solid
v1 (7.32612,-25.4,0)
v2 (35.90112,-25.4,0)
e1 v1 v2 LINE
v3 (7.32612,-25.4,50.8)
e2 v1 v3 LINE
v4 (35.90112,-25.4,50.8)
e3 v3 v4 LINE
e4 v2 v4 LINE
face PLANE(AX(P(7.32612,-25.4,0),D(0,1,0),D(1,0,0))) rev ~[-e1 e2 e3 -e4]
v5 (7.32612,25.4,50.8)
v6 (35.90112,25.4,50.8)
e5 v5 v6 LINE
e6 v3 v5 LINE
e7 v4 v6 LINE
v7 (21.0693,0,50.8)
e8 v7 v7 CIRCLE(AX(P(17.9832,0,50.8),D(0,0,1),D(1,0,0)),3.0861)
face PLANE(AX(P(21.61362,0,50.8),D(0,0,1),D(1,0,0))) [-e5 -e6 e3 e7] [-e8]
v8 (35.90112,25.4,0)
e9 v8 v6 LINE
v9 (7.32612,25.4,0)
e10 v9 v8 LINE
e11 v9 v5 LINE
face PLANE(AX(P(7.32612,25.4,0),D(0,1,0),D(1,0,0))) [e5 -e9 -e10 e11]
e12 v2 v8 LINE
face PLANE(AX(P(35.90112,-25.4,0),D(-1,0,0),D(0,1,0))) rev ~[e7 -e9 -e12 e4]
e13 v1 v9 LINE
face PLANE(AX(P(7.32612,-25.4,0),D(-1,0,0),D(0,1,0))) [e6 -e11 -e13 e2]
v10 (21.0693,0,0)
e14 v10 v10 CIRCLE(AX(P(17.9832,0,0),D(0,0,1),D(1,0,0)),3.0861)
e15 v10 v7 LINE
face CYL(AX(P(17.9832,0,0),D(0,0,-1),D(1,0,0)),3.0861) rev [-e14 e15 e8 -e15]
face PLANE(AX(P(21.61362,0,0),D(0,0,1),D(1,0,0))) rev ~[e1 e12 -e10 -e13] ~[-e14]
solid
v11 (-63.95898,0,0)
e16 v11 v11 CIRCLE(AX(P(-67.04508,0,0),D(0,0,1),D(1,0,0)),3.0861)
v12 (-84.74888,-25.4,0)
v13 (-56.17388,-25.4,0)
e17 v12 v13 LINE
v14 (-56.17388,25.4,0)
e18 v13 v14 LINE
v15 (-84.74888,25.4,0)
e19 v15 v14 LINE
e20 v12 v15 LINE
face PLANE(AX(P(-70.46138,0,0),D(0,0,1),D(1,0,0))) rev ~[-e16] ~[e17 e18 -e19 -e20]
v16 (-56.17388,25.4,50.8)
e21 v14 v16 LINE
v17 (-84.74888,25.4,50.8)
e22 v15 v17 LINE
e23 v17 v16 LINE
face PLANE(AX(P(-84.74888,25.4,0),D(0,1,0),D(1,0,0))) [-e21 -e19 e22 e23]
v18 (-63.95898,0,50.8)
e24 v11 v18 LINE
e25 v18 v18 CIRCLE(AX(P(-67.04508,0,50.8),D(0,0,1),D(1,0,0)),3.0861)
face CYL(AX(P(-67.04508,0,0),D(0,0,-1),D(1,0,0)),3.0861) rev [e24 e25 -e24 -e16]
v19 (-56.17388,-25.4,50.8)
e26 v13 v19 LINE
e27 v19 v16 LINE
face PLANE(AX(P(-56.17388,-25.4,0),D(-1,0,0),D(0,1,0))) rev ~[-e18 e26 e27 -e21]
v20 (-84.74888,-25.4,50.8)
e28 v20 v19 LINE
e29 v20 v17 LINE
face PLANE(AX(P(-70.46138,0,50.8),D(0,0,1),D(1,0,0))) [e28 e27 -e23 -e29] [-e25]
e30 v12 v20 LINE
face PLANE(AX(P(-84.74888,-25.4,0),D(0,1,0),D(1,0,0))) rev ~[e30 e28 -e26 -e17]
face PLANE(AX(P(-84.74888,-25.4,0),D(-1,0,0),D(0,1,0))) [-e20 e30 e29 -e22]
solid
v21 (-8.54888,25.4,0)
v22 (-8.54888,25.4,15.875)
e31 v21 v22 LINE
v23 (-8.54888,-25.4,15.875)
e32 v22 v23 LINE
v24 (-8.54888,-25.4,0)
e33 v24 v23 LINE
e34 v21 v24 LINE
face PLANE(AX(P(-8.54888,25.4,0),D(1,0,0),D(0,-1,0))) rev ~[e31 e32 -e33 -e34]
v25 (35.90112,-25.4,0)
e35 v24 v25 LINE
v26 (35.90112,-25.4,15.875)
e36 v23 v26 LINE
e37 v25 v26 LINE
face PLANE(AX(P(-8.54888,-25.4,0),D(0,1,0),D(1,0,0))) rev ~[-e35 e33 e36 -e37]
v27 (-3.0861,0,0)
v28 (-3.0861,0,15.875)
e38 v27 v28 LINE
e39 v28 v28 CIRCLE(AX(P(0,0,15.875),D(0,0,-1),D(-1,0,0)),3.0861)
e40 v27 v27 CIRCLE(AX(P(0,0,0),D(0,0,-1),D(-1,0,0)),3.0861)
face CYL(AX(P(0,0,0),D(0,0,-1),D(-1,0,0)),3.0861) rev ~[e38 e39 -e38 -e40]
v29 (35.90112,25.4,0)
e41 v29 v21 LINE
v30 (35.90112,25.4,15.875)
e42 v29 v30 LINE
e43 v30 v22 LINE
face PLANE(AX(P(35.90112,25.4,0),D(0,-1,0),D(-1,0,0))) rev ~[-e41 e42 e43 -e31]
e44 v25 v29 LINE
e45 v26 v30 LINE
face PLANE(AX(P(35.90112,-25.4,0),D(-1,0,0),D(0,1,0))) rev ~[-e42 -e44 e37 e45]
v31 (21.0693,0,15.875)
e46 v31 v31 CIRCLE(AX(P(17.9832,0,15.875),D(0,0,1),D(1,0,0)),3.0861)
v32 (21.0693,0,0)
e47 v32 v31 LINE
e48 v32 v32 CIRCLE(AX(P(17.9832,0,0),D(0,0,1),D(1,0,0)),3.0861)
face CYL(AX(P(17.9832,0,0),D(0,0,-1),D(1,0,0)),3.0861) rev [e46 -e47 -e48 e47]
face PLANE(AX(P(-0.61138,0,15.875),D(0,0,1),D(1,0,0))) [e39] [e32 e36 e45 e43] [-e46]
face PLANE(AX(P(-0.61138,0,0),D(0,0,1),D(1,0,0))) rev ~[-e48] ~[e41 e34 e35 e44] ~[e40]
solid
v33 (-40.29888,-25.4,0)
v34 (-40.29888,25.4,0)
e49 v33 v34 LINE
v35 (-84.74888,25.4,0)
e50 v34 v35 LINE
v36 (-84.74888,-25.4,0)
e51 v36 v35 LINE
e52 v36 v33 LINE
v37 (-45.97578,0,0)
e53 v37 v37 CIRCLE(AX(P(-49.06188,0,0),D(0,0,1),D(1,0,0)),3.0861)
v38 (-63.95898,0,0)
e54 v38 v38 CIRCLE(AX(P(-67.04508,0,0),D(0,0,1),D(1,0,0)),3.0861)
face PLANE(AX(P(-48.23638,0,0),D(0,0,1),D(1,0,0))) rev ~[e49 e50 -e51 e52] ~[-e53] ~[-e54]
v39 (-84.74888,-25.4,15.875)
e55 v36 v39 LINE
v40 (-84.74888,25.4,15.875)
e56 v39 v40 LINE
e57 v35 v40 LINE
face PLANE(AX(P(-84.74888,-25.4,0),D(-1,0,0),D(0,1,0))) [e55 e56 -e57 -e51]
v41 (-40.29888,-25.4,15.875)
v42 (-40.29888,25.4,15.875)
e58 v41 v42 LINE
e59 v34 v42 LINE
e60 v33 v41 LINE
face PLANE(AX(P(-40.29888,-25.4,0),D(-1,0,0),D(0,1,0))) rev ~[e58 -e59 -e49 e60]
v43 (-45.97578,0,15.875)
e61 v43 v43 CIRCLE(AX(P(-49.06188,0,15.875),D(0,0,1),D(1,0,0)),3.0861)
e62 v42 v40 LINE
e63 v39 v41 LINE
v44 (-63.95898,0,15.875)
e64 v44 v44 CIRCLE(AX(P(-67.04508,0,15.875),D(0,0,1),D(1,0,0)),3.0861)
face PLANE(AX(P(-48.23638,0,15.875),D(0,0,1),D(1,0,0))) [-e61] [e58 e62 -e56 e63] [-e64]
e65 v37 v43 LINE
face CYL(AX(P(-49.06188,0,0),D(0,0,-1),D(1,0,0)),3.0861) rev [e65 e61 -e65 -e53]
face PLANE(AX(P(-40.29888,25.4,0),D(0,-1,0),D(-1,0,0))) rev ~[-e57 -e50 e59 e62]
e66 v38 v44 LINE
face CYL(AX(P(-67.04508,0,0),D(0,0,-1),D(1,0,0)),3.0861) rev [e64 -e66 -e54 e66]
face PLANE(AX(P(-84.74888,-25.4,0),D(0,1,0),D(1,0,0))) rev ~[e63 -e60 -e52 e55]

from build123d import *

# Parameters (mm, degrees)
F0_W     = 28.575
F0_H     = 50.8
F0_R     = 3.0861
F1_DEPTH = 50.8
F2_DEPTH = 15.875


with BuildPart() as f1:
    # F0 (on Top) → F1 (new body)
    with BuildSketch(Plane.XY):
        with Locations((-70.4613795156, 0)):
            Rectangle(F0_W, F0_H)
        with Locations((-67.0450795156, 0)):
            Circle(F0_R, mode=Mode.SUBTRACT)
    extrude(amount=F1_DEPTH)


with BuildPart() as f1b:
    # F0 (on Top) → F1, piece 2 (new body)
    with BuildSketch(Plane.XY):
        with Locations((21.6136204844, 0)):
            Rectangle(F0_W, F0_H)
        with Locations((17.9832, 0)):
            Circle(F0_R, mode=Mode.SUBTRACT)
    extrude(amount=F1_DEPTH)


with BuildPart() as f2:
    # F0 (on Top) → F2 (new body)
    with BuildSketch(Plane.XY):
        Polygon((-40.2988795156, -25.4), (-40.2988795156, 0), (-40.2988795156, 25.4), (-56.1738795156, 25.4), (-56.1738795156, -25.4), align=None)
        with Locations((-49.0618795156, 0)):
            Circle(F0_R, mode=Mode.SUBTRACT)
        with Locations((-70.4613795156, 0)):
            Rectangle(F0_W, F0_H)
        with Locations((-67.0450795156, 0)):
            Circle(F0_R, mode=Mode.SUBTRACT)
    extrude(amount=F2_DEPTH)


with BuildPart() as f2b:
    # F0 (on Top) → F2, piece 2 (new body)
    with BuildSketch(Plane.XY):
        Polygon((-8.5488795156, 25.4), (-8.5488795156, 0), (-8.5488795156, -25.4), (7.3261204844, -25.4), (7.3261204844, 25.4), align=None)
        with BuildLine():
            ThreePointArc((3.0861, 0), (0, -3.0861), (-3.0861, 0))
            ThreePointArc((-3.0861, 0), (0, 3.0861), (3.0861, 0))
        make_face(mode=Mode.SUBTRACT)
        with Locations((21.6136204844, 0)):
            Rectangle(F0_W, F0_H)
        with Locations((17.9832, 0)):
            Circle(F0_R, mode=Mode.SUBTRACT)
    extrude(amount=F2_DEPTH)


solid = Compound([f1.part, f1b.part, f2.part, f2b.part])
